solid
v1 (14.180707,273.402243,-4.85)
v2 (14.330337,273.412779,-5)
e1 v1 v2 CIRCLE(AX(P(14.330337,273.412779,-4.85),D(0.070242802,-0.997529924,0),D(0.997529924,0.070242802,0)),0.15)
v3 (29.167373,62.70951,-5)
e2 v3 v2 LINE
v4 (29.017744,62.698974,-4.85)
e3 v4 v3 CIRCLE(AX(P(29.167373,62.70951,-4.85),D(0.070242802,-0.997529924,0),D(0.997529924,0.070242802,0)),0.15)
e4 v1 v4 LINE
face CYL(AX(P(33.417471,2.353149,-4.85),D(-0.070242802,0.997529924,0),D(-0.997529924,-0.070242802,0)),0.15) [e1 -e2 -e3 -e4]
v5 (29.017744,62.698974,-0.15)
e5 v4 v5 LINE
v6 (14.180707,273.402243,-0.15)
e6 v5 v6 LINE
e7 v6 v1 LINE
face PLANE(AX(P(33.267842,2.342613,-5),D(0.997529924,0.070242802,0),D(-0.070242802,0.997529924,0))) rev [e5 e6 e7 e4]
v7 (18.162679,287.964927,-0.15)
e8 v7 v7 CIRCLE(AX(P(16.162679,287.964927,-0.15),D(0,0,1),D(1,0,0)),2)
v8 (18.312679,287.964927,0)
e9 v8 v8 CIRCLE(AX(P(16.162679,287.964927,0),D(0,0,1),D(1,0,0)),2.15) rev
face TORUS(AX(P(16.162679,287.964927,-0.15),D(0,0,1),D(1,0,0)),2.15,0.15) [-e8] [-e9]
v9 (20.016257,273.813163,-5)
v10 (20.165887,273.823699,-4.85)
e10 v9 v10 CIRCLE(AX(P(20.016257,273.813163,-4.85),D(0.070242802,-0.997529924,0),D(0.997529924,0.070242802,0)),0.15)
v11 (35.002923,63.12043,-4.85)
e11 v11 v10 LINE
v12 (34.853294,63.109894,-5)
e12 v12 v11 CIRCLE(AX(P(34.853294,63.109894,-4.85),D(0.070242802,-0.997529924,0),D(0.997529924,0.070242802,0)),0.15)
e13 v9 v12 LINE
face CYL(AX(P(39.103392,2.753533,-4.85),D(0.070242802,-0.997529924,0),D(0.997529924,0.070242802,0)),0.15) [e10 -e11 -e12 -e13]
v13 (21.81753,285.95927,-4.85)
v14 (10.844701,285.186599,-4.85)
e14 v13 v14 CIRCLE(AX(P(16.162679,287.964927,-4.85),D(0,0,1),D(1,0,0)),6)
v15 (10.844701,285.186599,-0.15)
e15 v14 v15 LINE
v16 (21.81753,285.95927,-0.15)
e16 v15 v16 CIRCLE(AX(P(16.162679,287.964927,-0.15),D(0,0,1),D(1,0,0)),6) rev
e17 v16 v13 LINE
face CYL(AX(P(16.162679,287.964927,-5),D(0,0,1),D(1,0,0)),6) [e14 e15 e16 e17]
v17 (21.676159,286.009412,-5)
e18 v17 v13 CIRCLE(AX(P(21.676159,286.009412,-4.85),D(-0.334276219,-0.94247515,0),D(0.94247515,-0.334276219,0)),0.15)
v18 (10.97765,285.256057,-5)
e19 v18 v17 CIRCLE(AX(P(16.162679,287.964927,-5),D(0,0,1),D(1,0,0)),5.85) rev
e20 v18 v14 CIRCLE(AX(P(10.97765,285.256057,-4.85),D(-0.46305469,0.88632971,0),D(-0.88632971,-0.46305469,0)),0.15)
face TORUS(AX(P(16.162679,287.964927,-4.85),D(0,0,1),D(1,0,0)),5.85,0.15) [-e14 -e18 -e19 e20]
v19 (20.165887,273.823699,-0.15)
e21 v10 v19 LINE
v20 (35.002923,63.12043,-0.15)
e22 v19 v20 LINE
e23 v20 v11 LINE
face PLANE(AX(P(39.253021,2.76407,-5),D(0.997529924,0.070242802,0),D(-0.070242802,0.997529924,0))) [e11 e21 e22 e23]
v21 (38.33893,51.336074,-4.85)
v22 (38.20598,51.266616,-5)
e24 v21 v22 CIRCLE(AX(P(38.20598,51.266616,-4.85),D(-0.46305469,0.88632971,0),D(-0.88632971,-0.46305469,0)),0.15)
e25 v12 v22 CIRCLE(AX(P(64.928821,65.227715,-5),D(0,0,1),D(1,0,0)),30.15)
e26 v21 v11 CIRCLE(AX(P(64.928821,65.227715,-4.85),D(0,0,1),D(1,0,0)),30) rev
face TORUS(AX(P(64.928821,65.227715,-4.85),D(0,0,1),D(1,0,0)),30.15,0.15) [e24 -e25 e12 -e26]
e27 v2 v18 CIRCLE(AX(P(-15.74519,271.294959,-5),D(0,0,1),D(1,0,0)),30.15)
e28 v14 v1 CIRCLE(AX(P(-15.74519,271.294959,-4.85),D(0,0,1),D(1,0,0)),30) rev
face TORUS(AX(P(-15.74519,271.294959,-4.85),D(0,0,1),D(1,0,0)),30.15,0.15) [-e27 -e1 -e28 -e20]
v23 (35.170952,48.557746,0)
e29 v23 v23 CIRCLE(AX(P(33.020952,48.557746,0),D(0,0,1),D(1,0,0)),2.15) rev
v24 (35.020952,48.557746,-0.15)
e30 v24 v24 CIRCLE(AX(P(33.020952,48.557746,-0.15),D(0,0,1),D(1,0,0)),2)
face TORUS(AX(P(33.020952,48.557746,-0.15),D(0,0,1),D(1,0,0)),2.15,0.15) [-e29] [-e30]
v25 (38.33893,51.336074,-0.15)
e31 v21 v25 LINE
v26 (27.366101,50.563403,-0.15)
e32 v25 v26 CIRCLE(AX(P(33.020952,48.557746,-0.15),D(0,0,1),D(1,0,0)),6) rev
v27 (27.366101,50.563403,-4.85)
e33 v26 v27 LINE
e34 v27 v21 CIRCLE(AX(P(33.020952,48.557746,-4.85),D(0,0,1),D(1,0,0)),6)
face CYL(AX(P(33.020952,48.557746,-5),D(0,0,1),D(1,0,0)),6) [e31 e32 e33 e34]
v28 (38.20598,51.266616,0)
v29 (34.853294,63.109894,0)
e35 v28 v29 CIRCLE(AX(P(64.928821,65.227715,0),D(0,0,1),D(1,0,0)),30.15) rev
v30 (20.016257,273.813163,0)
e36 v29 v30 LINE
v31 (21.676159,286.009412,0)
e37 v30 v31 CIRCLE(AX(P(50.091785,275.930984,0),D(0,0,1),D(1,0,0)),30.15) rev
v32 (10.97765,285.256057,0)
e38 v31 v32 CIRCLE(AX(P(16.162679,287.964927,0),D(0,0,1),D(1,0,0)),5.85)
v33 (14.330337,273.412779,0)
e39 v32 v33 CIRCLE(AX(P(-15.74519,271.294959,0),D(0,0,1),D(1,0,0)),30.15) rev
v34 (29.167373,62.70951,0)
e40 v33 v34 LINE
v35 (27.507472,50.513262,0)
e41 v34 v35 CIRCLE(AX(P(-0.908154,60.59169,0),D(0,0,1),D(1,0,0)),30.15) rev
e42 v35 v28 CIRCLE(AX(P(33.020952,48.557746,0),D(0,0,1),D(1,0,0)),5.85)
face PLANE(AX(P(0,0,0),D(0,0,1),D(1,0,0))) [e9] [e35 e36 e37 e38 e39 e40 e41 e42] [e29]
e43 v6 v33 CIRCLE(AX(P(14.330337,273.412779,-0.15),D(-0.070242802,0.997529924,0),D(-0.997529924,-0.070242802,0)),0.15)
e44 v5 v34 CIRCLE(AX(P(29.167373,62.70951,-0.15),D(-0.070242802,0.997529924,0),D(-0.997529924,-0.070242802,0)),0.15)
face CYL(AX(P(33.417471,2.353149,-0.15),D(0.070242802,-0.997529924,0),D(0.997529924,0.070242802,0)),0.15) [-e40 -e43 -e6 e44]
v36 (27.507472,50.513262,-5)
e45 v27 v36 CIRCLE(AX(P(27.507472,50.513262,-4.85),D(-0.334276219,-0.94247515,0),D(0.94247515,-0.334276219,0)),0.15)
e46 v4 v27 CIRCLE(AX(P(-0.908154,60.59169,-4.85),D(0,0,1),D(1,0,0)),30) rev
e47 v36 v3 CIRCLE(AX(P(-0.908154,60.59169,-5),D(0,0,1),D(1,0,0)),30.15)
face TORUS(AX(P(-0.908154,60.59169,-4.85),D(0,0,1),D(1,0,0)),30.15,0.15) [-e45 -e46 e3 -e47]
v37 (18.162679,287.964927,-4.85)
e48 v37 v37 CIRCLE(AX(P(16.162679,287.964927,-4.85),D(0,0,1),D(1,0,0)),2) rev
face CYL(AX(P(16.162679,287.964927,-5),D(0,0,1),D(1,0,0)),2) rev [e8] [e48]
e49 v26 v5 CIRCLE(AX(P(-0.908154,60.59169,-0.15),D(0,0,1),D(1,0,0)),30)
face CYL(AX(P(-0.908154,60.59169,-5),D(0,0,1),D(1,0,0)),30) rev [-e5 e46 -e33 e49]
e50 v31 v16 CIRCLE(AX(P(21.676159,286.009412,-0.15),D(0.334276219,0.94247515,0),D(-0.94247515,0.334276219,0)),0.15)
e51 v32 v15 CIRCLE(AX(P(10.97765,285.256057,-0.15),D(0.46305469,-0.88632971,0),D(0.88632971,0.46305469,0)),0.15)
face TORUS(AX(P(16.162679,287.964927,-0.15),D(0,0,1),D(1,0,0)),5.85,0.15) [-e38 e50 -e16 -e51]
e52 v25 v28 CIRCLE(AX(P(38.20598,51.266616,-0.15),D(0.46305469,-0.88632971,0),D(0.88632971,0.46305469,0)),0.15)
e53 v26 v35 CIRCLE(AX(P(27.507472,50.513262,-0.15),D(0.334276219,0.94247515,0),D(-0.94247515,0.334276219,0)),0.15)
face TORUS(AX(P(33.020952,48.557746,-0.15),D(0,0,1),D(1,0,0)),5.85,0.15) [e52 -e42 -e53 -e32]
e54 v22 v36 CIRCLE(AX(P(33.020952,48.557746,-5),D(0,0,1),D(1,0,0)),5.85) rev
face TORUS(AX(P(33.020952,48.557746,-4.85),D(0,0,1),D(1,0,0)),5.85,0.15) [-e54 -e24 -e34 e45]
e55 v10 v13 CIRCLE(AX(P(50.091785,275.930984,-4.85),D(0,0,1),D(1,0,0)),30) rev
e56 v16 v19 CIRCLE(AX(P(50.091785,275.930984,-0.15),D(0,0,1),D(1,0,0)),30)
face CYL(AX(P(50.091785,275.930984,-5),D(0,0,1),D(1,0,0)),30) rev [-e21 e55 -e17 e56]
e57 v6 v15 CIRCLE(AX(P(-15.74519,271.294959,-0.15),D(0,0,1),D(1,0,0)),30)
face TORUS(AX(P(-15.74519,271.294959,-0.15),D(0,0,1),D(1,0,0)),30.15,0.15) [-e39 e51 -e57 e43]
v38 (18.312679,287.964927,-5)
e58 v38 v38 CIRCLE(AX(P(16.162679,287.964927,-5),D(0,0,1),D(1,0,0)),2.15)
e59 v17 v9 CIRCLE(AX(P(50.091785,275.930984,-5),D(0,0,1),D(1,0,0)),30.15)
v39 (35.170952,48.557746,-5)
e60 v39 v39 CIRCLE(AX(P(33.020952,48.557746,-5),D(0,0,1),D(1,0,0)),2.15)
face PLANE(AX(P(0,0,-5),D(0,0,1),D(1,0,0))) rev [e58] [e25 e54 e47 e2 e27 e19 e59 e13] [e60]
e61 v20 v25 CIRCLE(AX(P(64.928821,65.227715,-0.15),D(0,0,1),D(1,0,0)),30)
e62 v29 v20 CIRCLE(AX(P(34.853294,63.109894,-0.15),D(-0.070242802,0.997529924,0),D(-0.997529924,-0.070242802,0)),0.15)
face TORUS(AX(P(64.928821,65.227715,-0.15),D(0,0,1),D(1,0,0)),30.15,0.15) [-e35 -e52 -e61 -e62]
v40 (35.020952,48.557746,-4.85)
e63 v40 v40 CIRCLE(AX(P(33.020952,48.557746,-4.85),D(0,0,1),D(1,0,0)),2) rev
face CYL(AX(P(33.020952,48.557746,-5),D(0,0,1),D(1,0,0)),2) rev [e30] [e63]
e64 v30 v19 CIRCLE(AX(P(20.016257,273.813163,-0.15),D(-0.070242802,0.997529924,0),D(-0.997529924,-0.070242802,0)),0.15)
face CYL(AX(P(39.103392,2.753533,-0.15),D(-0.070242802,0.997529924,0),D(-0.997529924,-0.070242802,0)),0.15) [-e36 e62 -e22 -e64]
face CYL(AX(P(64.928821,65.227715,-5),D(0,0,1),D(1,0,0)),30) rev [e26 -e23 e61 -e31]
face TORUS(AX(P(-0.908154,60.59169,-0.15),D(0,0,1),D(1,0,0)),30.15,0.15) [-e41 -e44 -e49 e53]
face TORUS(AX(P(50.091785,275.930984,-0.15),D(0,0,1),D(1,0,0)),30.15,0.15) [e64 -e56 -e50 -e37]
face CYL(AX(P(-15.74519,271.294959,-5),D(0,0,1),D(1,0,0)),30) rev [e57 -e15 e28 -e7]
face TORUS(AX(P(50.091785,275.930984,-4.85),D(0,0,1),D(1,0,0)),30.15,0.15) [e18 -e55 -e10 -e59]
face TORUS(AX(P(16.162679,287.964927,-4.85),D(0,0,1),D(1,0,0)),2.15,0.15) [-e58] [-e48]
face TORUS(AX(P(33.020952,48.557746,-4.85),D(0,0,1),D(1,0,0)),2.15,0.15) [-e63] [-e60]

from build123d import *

# Parameters (mm, degrees)
SKETCH1_R           = 2
BOSS_EXTRUDE1_DEPTH = 5
FILLET1_R           = 30
FILLET3_R           = 0.15


with BuildPart() as part:
    # Sketch1 → Boss-Extrude1 (new body)
    with BuildSketch(Plane.XY):
        with BuildLine():
            Line((13.535081633, 282.570881488), (29.663369528, 53.530334851))
            ThreePointArc((29.663369528, 53.530334851), (32.599494793, 54.54292527), (35.64854907, 53.951791664))
            Line((35.64854907, 53.951791664), (19.520261175, 282.992338301))
            ThreePointArc((19.520261175, 282.992338301), (16.58413591, 281.979747882), (13.535081633, 282.570881488))
        make_face()
        with BuildLine():
            Line((13.170089326, 287.754199018), (13.535081633, 282.570881488))
            ThreePointArc((13.535081633, 282.570881488), (16.58413591, 281.979747882), (19.520261175, 282.992338301))
            Line((19.520261175, 282.992338301), (19.155268869, 288.175655831))
            ThreePointArc((19.155268869, 288.175655831), (16.373407504, 284.972337653), (13.170089326, 287.754199018))
        make_face()
        with BuildLine():
            ThreePointArc((22.162679097, 287.964927424), (12.981923274, 293.052440804), (13.535081633, 282.570881488))
            Line((13.535081633, 282.570881488), (13.170089326, 287.754199018))
            ThreePointArc((13.170089326, 287.754199018), (15.951950691, 290.957517195), (19.155268869, 288.175655831))
            Line((19.155268869, 288.175655831), (19.520261175, 282.992338301))
            ThreePointArc((19.520261175, 282.992338301), (21.461051134, 285.149389506), (22.162679097, 287.964927424))
        make_face()
        with BuildLine():
            ThreePointArc((19.155268869, 288.175655831), (15.951950691, 290.957517195), (13.170089326, 287.754199018))
            ThreePointArc((13.170089326, 287.754199018), (16.373407504, 284.972337653), (19.155268869, 288.175655831))
        make_face()
        with Locations((16.162679097, 287.964927424)):
            Circle(SKETCH1_R, mode=Mode.SUBTRACT)
        with BuildLine():
            ThreePointArc((30.028361834, 48.347017321), (33.231680012, 45.565155956), (36.013541377, 48.768474134))
            ThreePointArc((36.013541377, 48.768474134), (32.810223199, 51.550335499), (30.028361834, 48.347017321))
        make_face()
        with Locations((33.020951605, 48.557745727)):
            Circle(SKETCH1_R, mode=Mode.SUBTRACT)
        with BuildLine():
            ThreePointArc((36.013541377, 48.768474134), (33.231680012, 45.565155956), (30.028361834, 48.347017321))
            Line((30.028361834, 48.347017321), (29.663369528, 53.530334851))
            ThreePointArc((29.663369528, 53.530334851), (30.205413687, 43.259373691), (39.020951605, 48.557745727))
            ThreePointArc((39.020951605, 48.557745727), (38.108464986, 51.73850155), (35.64854907, 53.951791664))
            Line((35.64854907, 53.951791664), (36.013541377, 48.768474134))
        make_face()
        with BuildLine():
            Line((29.663369528, 53.530334851), (30.028361834, 48.347017321))
            ThreePointArc((30.028361834, 48.347017321), (32.810223199, 51.550335499), (36.013541377, 48.768474134))
            Line((36.013541377, 48.768474134), (35.64854907, 53.951791664))
            ThreePointArc((35.64854907, 53.951791664), (32.599494793, 54.54292527), (29.663369528, 53.530334851))
        make_face()
    extrude(amount=-BOSS_EXTRUDE1_DEPTH)

    # Fillet1
    fillet1_edges = [part.edges().sort_by_distance(p)[0] for p in [
        (29.663369528, 53.530334851, -2.5),
        (13.535081633, 282.570881488, -2.5),
        (19.520261175, 282.992338301, -2.5),
        (35.64854907, 53.951791664, -2.5),
    ]]
    fillet(fillet1_edges, radius=FILLET1_R)

    # Fillet3
    fillet3_edges = [part.edges().sort_by_distance(p)[0] for p in [
        (27.584405123, 168.472064982, 0),
        (27.584405123, 168.472064982, -5),
        (15.741222285, 293.950106967, 0),
        (15.741222285, 293.950106967, -5),
        (21.59922558, 168.050608169, 0),
        (14.162679097, 287.964927424, -5),
        (21.59922558, 168.050608169, -5),
        (32.0033823, 42.644662546, 0),
        (32.0033823, 42.644662546, -5),
        (20.36582871, 279.976666604, 0),
        (20.36582871, 279.976666604, -5),
        (31.020951605, 48.557745727, -5),
        (13.120470236, 279.466472103, 0),
        (13.120470236, 279.466472103, -5),
        (28.817801992, 56.546006547, 0),
        (28.817801992, 56.546006547, -5),
        (36.063160467, 57.056201048, 0),
        (36.063160467, 57.056201048, -5),
        (31.020951605, 48.557745727, 0),
        (14.162679097, 287.964927424, 0),
    ]]
    fillet(fillet3_edges, radius=FILLET3_R)


solid = part.part
